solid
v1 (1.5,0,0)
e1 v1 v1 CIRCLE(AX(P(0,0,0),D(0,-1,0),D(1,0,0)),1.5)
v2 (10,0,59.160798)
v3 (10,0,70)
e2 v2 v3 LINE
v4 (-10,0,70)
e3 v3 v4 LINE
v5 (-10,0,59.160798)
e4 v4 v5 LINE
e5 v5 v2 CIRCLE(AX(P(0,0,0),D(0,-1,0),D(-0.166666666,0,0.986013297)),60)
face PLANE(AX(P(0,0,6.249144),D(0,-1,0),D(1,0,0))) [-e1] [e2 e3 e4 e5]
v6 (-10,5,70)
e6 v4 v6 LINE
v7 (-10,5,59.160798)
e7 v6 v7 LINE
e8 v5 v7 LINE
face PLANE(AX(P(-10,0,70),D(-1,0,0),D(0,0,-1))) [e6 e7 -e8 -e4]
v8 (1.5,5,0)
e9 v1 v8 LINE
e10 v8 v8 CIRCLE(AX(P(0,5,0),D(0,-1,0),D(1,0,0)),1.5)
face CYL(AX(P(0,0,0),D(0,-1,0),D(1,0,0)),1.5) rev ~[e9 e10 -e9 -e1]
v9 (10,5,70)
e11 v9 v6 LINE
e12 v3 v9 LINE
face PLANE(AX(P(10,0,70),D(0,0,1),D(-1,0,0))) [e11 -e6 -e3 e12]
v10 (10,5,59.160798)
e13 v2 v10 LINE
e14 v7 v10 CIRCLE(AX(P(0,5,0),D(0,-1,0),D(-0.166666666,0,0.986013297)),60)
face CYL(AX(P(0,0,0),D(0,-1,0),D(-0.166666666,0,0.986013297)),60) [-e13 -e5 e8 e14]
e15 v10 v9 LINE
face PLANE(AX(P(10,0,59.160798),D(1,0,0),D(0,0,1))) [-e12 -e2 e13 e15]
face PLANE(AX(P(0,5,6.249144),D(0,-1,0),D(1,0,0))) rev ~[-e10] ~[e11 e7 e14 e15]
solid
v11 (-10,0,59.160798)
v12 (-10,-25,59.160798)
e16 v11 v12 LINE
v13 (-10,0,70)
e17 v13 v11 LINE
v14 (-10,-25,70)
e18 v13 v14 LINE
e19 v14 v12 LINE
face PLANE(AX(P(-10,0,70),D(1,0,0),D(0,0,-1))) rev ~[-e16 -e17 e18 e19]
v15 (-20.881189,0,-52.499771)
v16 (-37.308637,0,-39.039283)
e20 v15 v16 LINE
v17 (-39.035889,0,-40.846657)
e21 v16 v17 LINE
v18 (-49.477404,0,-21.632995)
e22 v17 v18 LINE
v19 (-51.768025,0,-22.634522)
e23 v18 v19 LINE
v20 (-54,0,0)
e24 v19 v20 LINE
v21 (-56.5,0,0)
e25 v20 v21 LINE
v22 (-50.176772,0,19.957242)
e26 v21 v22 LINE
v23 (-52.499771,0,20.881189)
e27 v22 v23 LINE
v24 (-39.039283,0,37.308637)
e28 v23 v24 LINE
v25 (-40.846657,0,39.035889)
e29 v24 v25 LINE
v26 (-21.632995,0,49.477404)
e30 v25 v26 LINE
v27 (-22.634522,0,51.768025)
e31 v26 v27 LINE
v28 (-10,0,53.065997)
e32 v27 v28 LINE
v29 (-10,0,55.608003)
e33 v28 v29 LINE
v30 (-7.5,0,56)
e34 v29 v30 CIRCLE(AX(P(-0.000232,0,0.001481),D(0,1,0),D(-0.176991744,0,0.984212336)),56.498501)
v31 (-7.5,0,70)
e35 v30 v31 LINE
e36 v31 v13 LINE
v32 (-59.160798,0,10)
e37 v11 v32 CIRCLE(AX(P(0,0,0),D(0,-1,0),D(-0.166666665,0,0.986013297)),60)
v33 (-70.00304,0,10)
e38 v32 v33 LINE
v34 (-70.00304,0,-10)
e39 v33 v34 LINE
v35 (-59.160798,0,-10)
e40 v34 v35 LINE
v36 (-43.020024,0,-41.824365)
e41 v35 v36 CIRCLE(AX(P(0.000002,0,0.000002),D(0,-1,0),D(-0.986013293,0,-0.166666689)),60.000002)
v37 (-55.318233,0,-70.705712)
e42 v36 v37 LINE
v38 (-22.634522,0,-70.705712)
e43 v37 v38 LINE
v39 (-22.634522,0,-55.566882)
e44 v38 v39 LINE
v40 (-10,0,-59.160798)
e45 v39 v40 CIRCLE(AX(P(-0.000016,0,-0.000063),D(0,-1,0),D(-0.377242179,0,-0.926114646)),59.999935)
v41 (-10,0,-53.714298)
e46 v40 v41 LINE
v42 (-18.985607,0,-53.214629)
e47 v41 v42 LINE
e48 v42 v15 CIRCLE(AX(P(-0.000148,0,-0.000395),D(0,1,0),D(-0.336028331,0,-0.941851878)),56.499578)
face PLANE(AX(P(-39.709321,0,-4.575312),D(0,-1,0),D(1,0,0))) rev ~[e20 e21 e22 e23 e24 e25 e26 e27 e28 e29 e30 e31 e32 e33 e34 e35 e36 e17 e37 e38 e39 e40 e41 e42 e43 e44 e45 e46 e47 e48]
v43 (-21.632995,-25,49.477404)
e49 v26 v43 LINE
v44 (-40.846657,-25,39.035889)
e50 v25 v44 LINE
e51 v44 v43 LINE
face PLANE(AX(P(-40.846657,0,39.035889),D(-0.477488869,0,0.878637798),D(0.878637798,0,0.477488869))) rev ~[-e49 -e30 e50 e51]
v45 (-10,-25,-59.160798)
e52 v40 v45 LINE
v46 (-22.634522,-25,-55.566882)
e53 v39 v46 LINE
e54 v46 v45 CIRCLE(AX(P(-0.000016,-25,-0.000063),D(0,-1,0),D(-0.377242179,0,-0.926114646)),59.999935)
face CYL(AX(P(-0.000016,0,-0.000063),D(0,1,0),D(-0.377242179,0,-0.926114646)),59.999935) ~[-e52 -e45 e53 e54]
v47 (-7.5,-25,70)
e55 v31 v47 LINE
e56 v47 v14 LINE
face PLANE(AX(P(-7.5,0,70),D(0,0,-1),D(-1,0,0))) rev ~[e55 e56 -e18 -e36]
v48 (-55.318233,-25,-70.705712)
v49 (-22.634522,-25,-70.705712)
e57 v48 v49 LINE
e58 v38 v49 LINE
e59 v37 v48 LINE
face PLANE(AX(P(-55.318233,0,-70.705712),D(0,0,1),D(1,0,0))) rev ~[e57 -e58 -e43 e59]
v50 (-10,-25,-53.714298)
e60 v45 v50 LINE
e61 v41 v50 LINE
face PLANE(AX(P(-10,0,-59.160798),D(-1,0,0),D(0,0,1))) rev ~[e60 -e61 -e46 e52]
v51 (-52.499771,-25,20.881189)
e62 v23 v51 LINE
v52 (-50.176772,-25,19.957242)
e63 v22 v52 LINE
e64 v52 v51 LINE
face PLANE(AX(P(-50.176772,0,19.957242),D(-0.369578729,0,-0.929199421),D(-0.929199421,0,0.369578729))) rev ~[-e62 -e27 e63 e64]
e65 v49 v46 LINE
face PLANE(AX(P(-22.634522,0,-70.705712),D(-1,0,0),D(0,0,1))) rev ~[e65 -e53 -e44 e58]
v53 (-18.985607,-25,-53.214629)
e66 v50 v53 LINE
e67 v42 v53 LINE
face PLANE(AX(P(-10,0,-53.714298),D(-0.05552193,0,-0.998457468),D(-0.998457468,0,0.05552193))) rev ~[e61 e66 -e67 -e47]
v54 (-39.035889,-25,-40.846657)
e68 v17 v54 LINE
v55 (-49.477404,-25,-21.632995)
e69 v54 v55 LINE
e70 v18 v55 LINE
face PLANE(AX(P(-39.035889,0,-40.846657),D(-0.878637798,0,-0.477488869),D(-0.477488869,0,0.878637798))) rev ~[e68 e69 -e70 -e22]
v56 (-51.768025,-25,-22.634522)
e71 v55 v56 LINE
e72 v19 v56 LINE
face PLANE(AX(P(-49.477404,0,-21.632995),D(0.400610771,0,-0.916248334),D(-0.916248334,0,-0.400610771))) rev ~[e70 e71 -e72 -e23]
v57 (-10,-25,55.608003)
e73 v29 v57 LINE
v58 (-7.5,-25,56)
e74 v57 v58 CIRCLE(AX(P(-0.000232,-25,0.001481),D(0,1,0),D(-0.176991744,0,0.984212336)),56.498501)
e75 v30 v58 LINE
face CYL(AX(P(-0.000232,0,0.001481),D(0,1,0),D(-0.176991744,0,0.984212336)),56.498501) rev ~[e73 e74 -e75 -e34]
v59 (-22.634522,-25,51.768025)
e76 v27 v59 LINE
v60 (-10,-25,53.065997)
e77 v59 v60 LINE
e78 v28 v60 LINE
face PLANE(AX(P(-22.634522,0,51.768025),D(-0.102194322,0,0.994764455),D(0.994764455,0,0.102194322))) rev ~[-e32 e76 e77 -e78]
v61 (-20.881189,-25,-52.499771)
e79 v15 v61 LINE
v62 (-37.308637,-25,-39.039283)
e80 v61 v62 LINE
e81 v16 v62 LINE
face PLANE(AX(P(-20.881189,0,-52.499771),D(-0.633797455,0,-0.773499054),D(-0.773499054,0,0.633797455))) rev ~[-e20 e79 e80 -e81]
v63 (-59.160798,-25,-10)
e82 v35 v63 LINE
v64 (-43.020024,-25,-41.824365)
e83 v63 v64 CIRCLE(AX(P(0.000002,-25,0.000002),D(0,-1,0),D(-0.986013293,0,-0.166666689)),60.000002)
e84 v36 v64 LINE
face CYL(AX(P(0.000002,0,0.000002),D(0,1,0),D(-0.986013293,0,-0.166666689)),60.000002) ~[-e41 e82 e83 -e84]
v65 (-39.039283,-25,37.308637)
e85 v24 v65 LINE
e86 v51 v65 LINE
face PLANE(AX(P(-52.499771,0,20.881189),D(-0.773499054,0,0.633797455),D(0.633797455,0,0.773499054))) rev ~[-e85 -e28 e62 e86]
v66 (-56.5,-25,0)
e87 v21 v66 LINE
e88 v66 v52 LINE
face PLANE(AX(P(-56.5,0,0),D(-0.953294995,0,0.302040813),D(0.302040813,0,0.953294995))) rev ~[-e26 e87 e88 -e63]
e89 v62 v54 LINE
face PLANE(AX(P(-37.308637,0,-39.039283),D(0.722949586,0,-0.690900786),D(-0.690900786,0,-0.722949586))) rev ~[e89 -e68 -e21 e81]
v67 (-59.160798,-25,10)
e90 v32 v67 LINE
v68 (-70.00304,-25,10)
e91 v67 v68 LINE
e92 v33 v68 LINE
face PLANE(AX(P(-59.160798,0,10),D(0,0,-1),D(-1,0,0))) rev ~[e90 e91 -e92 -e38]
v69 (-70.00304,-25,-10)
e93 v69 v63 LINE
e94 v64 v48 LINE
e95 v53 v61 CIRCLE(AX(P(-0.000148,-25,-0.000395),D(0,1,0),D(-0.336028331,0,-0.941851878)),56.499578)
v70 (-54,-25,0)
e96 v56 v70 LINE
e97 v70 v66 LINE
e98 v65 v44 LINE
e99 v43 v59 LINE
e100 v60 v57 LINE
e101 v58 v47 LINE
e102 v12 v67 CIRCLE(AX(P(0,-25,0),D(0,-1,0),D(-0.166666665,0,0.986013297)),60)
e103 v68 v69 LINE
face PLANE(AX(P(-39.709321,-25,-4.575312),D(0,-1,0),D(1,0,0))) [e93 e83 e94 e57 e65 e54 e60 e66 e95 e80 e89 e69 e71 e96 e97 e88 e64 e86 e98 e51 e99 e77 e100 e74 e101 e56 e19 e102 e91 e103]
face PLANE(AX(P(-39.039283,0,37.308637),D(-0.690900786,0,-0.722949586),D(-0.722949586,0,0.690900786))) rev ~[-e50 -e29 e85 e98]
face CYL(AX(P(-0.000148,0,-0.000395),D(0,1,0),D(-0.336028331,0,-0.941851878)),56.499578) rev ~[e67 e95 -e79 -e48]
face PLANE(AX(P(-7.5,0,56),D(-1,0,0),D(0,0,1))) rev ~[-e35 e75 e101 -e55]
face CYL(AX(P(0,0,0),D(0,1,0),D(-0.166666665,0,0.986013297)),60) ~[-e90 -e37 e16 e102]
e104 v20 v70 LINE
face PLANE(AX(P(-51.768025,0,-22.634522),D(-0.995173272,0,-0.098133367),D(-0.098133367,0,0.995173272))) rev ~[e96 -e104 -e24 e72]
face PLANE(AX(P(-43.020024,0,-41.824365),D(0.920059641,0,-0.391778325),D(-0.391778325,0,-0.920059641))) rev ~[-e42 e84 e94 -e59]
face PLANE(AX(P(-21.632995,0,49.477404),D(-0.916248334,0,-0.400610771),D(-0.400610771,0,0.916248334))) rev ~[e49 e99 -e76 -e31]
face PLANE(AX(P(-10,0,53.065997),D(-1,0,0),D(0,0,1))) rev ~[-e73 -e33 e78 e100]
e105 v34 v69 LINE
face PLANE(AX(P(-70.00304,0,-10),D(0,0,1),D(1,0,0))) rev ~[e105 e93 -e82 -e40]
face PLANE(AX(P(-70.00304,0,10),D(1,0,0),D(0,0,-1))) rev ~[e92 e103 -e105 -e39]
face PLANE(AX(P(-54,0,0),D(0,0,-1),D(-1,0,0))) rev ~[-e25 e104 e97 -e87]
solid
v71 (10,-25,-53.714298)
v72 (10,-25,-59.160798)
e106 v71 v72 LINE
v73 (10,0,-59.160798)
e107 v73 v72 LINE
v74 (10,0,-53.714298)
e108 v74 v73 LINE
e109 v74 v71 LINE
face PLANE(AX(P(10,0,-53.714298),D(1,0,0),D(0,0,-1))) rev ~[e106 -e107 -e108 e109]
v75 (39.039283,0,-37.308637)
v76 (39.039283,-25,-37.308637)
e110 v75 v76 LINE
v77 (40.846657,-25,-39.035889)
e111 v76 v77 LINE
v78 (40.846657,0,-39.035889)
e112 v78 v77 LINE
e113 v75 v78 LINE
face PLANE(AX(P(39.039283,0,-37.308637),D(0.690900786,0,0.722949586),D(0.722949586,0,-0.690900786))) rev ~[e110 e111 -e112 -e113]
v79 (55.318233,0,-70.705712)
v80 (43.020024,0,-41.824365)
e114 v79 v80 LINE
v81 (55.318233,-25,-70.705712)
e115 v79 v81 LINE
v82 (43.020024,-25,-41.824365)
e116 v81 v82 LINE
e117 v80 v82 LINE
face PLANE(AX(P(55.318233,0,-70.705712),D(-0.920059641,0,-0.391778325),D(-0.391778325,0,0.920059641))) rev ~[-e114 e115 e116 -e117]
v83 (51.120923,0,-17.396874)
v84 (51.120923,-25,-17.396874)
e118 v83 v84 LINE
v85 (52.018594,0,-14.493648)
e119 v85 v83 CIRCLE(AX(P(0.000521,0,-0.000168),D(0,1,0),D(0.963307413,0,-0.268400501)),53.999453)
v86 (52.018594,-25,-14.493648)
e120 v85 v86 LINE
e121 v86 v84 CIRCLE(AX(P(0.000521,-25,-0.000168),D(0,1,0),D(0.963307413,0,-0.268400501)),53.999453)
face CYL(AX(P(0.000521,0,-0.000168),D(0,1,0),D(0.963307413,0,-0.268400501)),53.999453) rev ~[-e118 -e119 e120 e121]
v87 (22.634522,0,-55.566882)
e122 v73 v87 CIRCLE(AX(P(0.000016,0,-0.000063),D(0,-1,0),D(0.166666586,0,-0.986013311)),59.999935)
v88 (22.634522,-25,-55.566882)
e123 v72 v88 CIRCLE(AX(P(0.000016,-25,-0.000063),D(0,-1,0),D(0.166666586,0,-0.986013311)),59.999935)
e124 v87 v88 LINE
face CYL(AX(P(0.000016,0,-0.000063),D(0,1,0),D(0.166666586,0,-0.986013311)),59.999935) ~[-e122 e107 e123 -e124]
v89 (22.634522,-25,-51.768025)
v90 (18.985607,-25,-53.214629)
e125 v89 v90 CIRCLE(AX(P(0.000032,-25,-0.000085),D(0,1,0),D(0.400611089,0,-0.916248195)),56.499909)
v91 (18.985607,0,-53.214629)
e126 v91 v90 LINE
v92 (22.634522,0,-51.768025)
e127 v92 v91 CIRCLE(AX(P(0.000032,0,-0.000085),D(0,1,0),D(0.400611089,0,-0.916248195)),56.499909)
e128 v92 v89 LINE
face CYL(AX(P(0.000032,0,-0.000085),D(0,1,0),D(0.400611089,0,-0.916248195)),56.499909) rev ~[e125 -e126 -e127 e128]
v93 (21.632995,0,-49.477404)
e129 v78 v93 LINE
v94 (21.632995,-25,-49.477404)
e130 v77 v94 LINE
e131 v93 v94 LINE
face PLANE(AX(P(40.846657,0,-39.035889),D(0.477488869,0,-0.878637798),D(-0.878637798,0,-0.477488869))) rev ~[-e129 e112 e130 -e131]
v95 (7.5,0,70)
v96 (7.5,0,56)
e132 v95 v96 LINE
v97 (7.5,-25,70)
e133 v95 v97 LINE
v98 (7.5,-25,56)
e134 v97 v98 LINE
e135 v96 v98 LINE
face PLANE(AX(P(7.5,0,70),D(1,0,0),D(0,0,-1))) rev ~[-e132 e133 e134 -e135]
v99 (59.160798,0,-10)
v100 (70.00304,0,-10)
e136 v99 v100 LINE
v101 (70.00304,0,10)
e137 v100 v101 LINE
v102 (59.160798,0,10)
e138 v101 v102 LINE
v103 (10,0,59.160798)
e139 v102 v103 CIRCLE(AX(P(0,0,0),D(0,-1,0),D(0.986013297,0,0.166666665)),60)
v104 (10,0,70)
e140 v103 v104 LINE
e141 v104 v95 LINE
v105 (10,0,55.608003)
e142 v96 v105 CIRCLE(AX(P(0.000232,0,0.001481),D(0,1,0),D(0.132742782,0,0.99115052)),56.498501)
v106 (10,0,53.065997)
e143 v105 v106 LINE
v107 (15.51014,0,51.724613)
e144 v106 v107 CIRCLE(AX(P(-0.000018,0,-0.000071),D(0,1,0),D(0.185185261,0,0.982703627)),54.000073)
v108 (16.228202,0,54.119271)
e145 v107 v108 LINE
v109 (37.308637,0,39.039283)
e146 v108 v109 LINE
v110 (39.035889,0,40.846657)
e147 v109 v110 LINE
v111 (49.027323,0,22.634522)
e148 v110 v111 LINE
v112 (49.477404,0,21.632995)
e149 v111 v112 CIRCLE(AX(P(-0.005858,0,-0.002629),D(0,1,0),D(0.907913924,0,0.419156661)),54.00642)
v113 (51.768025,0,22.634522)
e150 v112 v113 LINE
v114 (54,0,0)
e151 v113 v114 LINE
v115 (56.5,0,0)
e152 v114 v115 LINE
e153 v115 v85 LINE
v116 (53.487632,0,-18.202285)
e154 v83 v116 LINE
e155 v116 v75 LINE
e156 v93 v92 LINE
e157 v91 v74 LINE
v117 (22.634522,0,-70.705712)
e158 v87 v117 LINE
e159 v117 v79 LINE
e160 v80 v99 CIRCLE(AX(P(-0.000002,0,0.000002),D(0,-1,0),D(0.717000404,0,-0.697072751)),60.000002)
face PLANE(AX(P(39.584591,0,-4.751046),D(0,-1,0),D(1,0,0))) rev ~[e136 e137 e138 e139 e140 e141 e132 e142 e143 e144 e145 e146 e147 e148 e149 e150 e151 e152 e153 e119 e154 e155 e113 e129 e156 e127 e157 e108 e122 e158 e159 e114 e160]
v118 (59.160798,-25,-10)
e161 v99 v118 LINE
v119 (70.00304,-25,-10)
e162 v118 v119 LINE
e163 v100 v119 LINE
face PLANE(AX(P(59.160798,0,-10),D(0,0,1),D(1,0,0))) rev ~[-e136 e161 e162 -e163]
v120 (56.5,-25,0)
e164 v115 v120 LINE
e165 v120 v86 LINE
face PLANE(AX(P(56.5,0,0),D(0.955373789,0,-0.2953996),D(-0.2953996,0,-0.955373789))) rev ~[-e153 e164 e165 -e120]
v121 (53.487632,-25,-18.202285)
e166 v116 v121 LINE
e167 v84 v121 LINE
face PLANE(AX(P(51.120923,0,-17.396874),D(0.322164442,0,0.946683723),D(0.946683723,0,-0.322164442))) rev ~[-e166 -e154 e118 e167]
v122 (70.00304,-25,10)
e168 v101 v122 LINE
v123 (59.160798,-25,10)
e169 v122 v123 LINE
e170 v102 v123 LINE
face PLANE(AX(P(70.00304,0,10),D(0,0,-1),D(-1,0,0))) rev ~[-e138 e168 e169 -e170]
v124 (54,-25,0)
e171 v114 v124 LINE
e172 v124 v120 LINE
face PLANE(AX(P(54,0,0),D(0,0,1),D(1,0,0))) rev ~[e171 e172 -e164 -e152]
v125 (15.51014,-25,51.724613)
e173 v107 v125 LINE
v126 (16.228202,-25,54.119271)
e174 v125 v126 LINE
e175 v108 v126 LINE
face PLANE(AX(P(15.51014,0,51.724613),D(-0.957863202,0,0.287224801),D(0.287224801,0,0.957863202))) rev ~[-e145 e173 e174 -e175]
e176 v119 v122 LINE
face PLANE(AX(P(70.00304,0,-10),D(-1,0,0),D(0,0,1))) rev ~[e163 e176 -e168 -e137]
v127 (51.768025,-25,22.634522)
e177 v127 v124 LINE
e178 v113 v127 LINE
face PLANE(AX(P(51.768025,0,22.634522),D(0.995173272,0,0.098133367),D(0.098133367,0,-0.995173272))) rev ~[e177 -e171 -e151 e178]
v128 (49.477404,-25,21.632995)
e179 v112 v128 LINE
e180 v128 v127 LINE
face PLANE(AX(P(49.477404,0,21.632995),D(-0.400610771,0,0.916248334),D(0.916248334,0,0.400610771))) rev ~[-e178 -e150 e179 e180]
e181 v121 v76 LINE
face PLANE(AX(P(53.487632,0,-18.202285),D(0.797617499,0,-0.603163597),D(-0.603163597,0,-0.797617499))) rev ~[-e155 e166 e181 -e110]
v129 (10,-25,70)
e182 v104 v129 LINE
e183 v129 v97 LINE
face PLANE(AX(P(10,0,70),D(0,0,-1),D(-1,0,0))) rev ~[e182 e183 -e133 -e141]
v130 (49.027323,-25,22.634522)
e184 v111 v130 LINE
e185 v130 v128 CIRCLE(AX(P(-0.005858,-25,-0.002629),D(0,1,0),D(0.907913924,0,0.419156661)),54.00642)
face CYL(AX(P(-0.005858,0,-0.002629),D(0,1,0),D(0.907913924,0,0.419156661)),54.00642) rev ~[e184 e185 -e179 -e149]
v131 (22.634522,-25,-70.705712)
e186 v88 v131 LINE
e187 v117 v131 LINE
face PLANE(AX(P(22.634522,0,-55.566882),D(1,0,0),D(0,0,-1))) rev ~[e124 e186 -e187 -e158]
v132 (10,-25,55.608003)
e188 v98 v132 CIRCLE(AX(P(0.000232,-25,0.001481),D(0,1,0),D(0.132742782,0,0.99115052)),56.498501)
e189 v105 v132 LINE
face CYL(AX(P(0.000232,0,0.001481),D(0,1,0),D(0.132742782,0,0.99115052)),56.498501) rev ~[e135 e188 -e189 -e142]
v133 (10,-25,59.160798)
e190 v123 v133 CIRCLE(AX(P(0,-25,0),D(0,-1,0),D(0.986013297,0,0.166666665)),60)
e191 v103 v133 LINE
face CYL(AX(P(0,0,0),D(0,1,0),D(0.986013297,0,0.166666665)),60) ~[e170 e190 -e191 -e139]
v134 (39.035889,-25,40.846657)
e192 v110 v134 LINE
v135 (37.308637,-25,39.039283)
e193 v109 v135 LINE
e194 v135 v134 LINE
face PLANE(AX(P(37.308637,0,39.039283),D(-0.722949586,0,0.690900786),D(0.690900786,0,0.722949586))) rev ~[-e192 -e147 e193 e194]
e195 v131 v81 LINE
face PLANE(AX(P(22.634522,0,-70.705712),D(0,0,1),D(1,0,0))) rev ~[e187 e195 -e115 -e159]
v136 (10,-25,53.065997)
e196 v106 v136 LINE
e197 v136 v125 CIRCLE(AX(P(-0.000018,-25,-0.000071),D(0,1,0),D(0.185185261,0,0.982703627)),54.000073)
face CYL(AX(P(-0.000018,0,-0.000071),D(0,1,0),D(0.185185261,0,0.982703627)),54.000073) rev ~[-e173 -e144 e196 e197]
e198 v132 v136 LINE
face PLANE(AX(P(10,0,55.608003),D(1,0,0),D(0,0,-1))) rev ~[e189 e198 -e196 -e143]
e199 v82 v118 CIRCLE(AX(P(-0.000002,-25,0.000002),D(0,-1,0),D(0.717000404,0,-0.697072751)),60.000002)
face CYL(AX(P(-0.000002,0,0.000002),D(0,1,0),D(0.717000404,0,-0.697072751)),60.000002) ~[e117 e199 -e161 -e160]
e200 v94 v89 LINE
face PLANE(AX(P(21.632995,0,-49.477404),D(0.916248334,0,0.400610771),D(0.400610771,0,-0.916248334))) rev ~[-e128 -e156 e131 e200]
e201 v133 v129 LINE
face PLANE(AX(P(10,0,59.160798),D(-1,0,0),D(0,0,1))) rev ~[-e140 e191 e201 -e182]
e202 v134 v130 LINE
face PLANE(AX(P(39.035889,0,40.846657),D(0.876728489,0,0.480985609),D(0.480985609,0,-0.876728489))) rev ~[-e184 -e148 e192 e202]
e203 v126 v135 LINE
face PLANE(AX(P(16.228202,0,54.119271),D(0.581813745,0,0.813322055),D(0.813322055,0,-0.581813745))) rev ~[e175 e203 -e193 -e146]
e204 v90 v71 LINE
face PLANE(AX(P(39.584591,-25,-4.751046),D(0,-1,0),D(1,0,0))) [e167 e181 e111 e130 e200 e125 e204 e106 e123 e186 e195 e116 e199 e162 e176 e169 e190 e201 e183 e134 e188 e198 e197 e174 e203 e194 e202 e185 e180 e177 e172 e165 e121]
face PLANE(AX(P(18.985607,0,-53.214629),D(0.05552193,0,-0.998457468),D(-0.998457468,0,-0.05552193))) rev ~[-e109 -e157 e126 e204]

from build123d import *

# Parameters (mm, degrees)
F1_DEPTH = 25
F2_R     = 1.5
F3_DEPTH = 5


with BuildPart() as f1:
    # F0 (on Front) → F1 (new body)
    with BuildSketch(Plane.XZ):
        with BuildLine():
            ThreePointArc((-18.985607, -53.214629), (-19.936602, -52.865697), (-20.881189, -52.499771))
            Line((-20.881189, -52.499771), (-37.308637, -39.039283))
            Line((-37.308637, -39.039283), (-39.035889, -40.846657))
            Line((-39.035889, -40.846657), (-49.477404, -21.632995))
            Line((-49.477404, -21.632995), (-51.768025, -22.634522))
            Line((-51.768025, -22.634522), (-54, 0))
            Line((-54, 0), (-56.5, 0))
            Line((-56.5, 0), (-50.176772, 19.957242))
            Line((-50.176772, 19.957242), (-52.499771, 20.881189))
            Line((-52.499771, 20.881189), (-39.039283, 37.308637))
            Line((-39.039283, 37.308637), (-40.846657, 39.035889))
            Line((-40.846657, 39.035889), (-21.632995, 49.477404))
            Line((-21.632995, 49.477404), (-22.634522, 51.768025))
            Line((-22.634522, 51.768025), (-10, 53.065997))
            Line((-10, 53.065997), (-10, 55.608003))
            ThreePointArc((-10, 55.608003), (-8.752195, 55.818), (-7.5, 56))
            Line((-7.5, 56), (-7.5, 70))
            Line((-7.5, 70), (-10, 70))
            Line((-10, 70), (-10, 59.160798))
            ThreePointArc((-10, 59.160798), (-42.426407, 42.426407), (-59.160798, 10))
            Line((-59.160798, 10), (-70.00304, 10))
            Line((-70.00304, 10), (-70.00304, 0))
            Line((-70.00304, 0), (-70.00304, -10))
            Line((-70.00304, -10), (-59.160798, -10))
            ThreePointArc((-59.160798, -10), (-53.511005, -27.139866), (-43.020024, -41.824365))
            Line((-43.020024, -41.824365), (-55.318233, -70.705712))
            Line((-55.318233, -70.705712), (-22.634522, -70.705712))
            Line((-22.634522, -70.705712), (-22.634522, -55.566882))
            ThreePointArc((-22.634522, -55.566882), (-16.415909, -57.71064), (-10, -59.160798))
            Line((-10, -59.160798), (-10, -53.714298))
            Line((-10, -53.714298), (-18.985607, -53.214629))
        make_face()
        with BuildLine():
            Line((18.985607, -53.214629), (10, -53.714298))
            Line((10, -53.714298), (10, -59.160798))
            ThreePointArc((10, -59.160798), (16.415909, -57.71064), (22.634522, -55.566882))
            Line((22.634522, -55.566882), (22.634522, -70.705712))
            Line((22.634522, -70.705712), (55.318233, -70.705712))
            Line((55.318233, -70.705712), (43.020024, -41.824365))
            ThreePointArc((43.020024, -41.824365), (53.511005, -27.139866), (59.160798, -10))
            Line((59.160798, -10), (70.00304, -10))
            Line((70.00304, -10), (70.00304, 0))
            Line((70.00304, 0), (70.00304, 10))
            Line((70.00304, 10), (59.160798, 10))
            ThreePointArc((59.160798, 10), (42.426407, 42.426407), (10, 59.160798))
            Line((10, 59.160798), (10, 70))
            Line((10, 70), (7.5, 70))
            Line((7.5, 70), (7.5, 56))
            ThreePointArc((7.5, 56), (8.752195, 55.818), (10, 55.608003))
            Line((10, 55.608003), (10, 53.065997))
            ThreePointArc((10, 53.065997), (12.772691, 52.467689), (15.51014, 51.724613))
            Line((15.51014, 51.724613), (16.228202, 54.119271))
            Line((16.228202, 54.119271), (37.308637, 39.039283))
            Line((37.308637, 39.039283), (39.035889, 40.846657))
            Line((39.035889, 40.846657), (49.027323, 22.634522))
            ThreePointArc((49.027323, 22.634522), (49.254909, 22.134902), (49.477404, 21.632995))
            Line((49.477404, 21.632995), (51.768025, 22.634522))
            Line((51.768025, 22.634522), (54, 0))
            Line((54, 0), (56.5, 0))
            Line((56.5, 0), (52.018594, -14.493648))
            ThreePointArc((52.018594, -14.493648), (51.590185, -15.951577), (51.120923, -17.396874))
            Line((51.120923, -17.396874), (53.487632, -18.202285))
            Line((53.487632, -18.202285), (39.039283, -37.308637))
            Line((39.039283, -37.308637), (40.846657, -39.035889))
            Line((40.846657, -39.035889), (21.632995, -49.477404))
            Line((21.632995, -49.477404), (22.634522, -51.768025))
            ThreePointArc((22.634522, -51.768025), (20.822631, -52.523024), (18.985607, -53.214629))
        make_face()
    extrude(amount=F1_DEPTH)


with BuildPart() as f3:
    # F2 (on Front) → F3 (new body)
    with BuildSketch(Plane.XZ):
        with BuildLine():
            Line((-10, 70), (-10, 59.160798))
            ThreePointArc((-10, 59.160798), (0, -60), (10, 59.160798))
            Line((10, 59.160798), (10, 70))
            Line((10, 70), (0, 70))
            Line((0, 70), (-10, 70))
        make_face()
        Circle(F2_R, mode=Mode.SUBTRACT)
    extrude(amount=-F3_DEPTH)


solid = Compound([f1.part, f3.part])
